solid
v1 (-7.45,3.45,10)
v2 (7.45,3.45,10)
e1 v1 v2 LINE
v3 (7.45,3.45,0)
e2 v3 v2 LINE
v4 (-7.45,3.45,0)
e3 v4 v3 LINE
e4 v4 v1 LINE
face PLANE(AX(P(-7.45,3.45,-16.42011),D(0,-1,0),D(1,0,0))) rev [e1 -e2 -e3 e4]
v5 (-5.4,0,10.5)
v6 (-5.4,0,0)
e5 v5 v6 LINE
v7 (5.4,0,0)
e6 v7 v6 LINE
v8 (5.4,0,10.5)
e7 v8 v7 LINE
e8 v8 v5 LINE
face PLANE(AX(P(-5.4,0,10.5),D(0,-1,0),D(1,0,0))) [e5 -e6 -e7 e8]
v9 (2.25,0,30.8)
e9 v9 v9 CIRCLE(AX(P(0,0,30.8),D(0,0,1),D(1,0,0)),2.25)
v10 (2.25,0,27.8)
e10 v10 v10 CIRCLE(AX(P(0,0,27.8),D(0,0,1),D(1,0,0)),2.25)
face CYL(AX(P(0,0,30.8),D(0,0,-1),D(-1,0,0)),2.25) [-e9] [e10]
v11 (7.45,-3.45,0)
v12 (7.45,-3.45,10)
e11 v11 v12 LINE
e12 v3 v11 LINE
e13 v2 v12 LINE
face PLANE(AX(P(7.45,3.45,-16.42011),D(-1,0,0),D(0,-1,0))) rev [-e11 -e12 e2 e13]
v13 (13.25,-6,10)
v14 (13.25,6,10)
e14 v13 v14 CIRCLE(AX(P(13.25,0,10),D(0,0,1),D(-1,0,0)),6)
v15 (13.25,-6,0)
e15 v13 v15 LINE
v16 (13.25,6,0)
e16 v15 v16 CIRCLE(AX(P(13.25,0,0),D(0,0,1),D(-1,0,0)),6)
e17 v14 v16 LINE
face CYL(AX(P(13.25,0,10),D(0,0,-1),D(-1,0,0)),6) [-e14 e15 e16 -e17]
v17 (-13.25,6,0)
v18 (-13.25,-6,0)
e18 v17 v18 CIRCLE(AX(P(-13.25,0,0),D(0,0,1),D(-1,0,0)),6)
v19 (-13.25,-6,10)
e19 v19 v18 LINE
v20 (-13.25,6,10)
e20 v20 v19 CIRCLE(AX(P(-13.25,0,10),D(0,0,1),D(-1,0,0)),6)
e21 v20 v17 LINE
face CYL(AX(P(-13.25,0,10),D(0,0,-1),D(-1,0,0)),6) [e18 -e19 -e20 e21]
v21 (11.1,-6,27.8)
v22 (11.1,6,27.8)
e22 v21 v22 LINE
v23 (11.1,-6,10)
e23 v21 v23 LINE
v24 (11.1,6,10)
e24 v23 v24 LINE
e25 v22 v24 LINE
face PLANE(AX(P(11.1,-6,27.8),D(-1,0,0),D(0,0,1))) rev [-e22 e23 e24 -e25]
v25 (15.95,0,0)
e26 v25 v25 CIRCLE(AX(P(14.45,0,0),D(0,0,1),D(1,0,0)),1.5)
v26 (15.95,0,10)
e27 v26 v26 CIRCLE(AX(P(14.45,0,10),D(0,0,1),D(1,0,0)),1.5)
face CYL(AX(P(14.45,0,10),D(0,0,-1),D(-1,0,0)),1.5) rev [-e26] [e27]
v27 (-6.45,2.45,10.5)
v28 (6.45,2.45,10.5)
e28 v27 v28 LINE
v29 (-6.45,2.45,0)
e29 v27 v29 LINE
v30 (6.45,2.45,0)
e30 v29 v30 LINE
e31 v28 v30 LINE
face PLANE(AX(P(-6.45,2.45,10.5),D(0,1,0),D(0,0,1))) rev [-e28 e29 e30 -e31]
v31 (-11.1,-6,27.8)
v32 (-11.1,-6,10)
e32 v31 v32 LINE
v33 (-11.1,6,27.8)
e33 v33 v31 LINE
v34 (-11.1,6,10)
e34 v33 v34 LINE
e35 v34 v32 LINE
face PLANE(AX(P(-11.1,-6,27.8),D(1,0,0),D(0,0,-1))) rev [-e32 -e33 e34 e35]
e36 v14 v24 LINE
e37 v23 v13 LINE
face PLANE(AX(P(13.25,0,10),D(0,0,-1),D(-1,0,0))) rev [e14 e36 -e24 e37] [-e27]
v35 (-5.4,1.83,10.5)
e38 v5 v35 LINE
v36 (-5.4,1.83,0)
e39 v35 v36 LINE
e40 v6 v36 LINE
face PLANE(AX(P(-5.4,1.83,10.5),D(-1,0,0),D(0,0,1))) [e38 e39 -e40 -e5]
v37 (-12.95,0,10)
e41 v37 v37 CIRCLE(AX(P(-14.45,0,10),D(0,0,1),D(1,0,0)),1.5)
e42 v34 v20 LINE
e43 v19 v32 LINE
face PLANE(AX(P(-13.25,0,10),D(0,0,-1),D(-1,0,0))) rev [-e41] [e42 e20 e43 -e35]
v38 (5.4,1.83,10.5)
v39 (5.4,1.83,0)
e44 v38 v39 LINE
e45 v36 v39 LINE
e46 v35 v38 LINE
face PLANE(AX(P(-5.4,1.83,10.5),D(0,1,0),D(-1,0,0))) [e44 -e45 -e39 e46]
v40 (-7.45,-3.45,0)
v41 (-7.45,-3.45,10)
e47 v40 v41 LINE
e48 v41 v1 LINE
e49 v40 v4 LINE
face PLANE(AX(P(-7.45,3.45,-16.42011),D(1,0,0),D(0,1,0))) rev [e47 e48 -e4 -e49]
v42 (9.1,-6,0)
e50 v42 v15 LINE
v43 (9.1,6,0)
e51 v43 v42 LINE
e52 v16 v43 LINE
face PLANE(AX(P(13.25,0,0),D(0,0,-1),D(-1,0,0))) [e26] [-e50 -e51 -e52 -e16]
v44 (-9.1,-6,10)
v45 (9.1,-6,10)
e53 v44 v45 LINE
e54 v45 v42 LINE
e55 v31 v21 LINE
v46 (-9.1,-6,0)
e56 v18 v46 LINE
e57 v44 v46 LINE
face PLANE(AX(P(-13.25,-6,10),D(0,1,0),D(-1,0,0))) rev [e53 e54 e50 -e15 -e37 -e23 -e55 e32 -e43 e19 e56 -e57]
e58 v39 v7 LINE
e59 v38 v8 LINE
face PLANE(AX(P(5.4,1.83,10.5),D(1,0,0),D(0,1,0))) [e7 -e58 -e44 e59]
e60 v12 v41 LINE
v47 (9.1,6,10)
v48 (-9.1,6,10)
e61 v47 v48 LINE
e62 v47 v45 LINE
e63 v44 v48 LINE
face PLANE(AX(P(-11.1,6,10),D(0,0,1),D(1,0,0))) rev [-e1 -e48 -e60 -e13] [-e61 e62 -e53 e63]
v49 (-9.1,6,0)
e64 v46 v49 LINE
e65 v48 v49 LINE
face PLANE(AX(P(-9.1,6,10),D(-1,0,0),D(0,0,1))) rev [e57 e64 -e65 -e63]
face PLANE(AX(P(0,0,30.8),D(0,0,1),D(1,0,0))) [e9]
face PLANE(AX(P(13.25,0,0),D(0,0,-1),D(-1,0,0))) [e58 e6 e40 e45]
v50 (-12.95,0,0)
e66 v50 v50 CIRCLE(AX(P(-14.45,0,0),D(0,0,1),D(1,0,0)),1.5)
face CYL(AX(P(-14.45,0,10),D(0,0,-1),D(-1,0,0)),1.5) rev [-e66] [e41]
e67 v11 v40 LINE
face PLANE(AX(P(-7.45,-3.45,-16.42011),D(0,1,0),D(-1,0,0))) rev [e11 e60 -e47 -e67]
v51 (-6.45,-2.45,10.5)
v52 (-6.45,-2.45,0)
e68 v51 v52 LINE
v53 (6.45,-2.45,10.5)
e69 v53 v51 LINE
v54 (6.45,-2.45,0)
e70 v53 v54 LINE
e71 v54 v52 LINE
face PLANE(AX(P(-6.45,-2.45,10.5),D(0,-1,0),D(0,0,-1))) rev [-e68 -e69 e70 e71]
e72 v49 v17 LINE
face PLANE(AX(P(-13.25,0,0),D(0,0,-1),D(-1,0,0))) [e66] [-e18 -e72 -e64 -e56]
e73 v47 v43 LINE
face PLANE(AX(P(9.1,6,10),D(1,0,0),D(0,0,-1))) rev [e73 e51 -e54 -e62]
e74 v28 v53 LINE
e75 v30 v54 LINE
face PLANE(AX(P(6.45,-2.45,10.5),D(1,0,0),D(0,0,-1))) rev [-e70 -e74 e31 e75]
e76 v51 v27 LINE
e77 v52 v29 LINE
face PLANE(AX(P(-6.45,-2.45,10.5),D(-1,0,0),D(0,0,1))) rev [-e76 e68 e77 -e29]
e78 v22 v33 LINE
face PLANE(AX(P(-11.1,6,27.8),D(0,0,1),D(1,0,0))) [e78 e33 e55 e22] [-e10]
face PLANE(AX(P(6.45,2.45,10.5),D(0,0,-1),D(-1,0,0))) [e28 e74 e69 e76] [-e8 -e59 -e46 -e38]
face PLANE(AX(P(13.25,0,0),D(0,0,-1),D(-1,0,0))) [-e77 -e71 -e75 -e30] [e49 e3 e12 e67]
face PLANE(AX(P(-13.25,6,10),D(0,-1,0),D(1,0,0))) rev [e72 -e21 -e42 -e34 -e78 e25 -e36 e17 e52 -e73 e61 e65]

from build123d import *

# Parameters (mm, degrees)
CROQUIS1_R                = 1.5
SALIENTE_EXTRUIR1_DEPTH   = 10
SALIENTE_EXTRUIR1_2_DEPTH = 10
CROQUIS2_W                = 22.2
CROQUIS2_H                = 12
SALIENTE_EXTRUIR2_DEPTH   = 17.8
CROQUIS3_R                = 2.25
SALIENTE_EXTRUIR3_DEPTH   = 3
CROQUIS4_W                = 14.9
CROQUIS4_H                = 6.9
SALIENTE_EXTRUIR4_DEPTH   = 10
CROQUIS5_W                = 12.9
CROQUIS5_H                = 4.9
CROQUIS5_W_2              = 10.8
CROQUIS5_H_2              = 1.83
CORTAR_EXTRUIR1_DEPTH     = 10.5


with BuildPart() as part:
    # Croquis1 → Saliente-Extruir1 (new body)
    with BuildSketch(Plane.XY):
        with BuildLine():
            Line((-9.1, 6), (-9.1, -6))
            Line((-9.1, -6), (-13.25, -6))
            ThreePointArc((-13.25, -6), (-19.25, 0), (-13.25, 6))
            Line((-13.25, 6), (-9.1, 6))
        make_face()
        with Locations((-14.45, 0)):
            Circle(CROQUIS1_R, mode=Mode.SUBTRACT)
    extrude(amount=SALIENTE_EXTRUIR1_DEPTH)



with BuildPart() as body_2:
    # Croquis1 → Saliente-Extruir1 2 (new body)
    with BuildSketch(Plane.XY):
        with BuildLine():
            Line((9.1, 6), (9.1, -6))
            Line((9.1, -6), (13.25, -6))
            ThreePointArc((13.25, -6), (19.25, 0), (13.25, 6))
            Line((13.25, 6), (9.1, 6))
        make_face()
        with Locations((14.45, 0)):
            Circle(CROQUIS1_R, mode=Mode.SUBTRACT)
    extrude(amount=SALIENTE_EXTRUIR1_2_DEPTH)


with BuildPart() as part_1:
    add(part.part)

    add(body_2.part)  # Saliente-Extruir2 merges body 2
    # Croquis2 → Saliente-Extruir2 (add)
    with BuildSketch(Plane.XY.offset(10)):
        Rectangle(CROQUIS2_W, CROQUIS2_H)
    extrude(amount=SALIENTE_EXTRUIR2_DEPTH)

    # Croquis3 → Saliente-Extruir3 (add)
    with BuildSketch(Plane.XY.offset(27.8)):
        Circle(CROQUIS3_R)
    extrude(amount=SALIENTE_EXTRUIR3_DEPTH)

    # Croquis4 → Saliente-Extruir4 (add)
    with BuildSketch(Plane(origin=(0, 0, 10), x_dir=(-1, 0, 0), z_dir=(0, 0, -1))):
        Rectangle(CROQUIS4_W, CROQUIS4_H)
    extrude(amount=SALIENTE_EXTRUIR4_DEPTH)

    # Croquis5 → Cortar-Extruir1 (cut)
    with BuildSketch(Plane(origin=(0, 0, 0), x_dir=(-1, 0, 0), z_dir=(0, 0, -1))):
        Rectangle(CROQUIS5_W, CROQUIS5_H)
        with Locations((0, 0.915)):
            Rectangle(CROQUIS5_W_2, CROQUIS5_H_2, mode=Mode.SUBTRACT)
    extrude(amount=-CORTAR_EXTRUIR1_DEPTH, mode=Mode.SUBTRACT)


solid = part_1.part
